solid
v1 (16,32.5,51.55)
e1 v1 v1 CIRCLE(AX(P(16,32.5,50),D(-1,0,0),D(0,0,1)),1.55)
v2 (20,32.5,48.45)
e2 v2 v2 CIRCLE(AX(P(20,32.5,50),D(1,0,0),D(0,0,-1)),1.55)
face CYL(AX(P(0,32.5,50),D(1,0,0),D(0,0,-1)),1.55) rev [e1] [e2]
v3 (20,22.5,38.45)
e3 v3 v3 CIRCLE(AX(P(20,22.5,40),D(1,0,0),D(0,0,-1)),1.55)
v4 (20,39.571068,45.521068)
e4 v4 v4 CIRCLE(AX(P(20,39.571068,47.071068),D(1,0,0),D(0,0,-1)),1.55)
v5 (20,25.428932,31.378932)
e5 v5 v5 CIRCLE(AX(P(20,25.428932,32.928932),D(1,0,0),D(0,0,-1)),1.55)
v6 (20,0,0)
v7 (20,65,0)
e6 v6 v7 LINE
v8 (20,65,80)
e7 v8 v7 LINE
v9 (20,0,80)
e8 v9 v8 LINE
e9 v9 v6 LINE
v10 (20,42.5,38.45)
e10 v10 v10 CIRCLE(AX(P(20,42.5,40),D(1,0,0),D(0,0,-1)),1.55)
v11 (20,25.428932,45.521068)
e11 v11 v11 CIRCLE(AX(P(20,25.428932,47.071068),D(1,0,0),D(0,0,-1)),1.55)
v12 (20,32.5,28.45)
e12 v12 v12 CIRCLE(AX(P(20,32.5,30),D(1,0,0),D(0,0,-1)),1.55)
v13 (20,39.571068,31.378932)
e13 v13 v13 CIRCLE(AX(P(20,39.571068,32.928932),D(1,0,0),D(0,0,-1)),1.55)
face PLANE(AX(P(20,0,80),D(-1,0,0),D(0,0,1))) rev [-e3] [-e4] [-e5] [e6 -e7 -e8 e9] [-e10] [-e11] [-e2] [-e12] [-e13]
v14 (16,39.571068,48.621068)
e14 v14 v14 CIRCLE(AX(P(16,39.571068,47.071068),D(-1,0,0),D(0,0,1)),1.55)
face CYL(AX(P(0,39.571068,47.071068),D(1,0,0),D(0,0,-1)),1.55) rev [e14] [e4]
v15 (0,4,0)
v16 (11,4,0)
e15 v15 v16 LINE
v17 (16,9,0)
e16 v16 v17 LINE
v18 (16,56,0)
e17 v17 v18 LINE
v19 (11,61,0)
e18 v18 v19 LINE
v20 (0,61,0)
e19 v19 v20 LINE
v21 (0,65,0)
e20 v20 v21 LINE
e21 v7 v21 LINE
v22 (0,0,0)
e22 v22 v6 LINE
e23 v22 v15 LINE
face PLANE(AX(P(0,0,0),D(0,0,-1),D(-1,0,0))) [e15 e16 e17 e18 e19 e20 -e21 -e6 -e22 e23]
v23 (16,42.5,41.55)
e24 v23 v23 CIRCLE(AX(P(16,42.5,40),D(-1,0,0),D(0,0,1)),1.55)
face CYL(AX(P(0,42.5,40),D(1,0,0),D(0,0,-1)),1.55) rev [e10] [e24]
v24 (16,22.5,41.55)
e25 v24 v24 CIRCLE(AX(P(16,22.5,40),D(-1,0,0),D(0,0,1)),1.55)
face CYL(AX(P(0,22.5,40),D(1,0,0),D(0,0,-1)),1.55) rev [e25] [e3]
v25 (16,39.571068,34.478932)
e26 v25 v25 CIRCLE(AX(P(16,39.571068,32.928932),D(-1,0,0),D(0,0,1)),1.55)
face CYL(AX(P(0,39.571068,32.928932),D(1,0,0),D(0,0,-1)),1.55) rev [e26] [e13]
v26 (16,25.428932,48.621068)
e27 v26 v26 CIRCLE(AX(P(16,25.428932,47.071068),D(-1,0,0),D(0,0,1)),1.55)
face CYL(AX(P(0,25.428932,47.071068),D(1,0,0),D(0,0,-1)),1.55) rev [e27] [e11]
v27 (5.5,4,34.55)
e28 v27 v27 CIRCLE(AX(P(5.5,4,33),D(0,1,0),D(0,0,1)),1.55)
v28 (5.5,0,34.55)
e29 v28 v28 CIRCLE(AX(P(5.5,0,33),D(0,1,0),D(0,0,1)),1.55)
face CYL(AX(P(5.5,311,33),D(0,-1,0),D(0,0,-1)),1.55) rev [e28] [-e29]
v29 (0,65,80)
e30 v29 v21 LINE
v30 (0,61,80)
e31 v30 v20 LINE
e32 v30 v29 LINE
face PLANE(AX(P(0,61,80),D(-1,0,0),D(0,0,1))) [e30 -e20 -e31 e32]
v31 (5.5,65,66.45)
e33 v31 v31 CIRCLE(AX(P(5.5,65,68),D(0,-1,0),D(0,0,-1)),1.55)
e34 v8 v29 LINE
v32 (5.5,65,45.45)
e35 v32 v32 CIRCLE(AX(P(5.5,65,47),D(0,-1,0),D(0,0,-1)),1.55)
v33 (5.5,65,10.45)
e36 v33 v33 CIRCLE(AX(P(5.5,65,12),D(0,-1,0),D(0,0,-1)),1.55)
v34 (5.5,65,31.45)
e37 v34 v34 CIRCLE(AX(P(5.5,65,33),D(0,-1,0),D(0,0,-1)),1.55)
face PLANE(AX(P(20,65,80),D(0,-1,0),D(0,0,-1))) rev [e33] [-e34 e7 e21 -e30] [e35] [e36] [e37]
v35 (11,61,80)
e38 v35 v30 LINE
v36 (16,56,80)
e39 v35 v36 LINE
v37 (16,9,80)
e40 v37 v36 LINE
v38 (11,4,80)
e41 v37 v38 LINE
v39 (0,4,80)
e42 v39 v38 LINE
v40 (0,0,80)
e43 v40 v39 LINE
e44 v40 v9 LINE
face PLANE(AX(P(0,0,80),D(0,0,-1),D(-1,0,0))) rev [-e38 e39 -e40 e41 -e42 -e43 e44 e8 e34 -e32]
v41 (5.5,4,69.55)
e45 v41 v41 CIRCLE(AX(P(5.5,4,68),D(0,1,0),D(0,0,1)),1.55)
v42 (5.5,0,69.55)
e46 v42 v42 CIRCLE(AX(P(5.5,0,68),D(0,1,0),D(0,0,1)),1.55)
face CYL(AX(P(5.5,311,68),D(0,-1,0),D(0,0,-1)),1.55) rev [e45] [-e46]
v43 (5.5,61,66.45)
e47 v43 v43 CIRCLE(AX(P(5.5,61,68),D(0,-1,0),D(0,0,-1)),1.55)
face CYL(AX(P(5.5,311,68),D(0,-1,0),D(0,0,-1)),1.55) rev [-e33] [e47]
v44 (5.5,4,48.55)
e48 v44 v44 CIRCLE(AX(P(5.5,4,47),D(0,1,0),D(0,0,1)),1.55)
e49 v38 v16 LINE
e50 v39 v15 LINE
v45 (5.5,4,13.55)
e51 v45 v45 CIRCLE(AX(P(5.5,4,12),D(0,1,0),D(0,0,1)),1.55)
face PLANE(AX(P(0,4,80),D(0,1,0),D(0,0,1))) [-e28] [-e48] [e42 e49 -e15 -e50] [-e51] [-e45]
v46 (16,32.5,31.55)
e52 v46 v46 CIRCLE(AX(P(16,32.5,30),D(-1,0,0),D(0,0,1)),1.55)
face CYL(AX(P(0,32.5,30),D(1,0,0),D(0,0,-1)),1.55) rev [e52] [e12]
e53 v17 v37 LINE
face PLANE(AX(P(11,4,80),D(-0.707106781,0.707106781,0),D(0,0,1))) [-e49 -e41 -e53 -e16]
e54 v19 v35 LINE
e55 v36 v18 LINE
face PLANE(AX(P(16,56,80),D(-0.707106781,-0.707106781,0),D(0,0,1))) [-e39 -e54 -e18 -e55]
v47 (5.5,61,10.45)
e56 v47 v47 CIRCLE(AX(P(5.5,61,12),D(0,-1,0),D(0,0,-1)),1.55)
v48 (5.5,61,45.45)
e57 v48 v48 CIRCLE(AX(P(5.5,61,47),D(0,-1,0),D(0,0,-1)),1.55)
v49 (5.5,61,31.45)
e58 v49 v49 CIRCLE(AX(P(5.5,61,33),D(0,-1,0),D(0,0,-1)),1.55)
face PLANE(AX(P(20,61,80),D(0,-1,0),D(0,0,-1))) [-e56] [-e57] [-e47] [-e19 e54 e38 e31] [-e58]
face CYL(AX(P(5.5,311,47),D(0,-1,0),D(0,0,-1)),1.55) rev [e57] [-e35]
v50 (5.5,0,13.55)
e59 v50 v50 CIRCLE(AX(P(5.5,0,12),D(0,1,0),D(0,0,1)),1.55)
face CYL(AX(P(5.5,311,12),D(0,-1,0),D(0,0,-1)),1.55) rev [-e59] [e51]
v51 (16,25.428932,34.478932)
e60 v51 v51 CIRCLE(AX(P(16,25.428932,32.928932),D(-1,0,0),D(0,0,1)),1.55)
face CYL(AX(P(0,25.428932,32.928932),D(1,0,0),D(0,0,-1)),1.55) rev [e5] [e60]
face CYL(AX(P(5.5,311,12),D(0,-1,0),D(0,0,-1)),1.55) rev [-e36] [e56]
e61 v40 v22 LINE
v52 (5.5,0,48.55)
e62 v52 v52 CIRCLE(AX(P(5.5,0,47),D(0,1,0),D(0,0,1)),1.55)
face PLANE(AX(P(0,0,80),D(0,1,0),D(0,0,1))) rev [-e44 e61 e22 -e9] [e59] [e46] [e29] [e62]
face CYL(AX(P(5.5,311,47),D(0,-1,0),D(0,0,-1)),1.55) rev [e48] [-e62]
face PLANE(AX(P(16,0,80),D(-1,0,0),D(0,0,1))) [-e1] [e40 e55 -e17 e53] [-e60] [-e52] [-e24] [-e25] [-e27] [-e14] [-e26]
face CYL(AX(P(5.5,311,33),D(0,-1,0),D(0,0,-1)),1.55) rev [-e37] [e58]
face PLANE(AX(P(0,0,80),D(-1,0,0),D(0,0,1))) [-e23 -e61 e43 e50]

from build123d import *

# Parameters (mm, degrees)
EXTRUDE_1_DEPTH     = 80
CHAMFER_1_SIZE      = 5
SKETCH_2_R          = 1.55
CUT_EXTRUDE_1_DEPTH = 250
SKETCH_3_R          = 1.55
CUT_EXTRUDE_2_DEPTH = 106


with BuildPart() as part:
    # 草图1 → 拉伸-薄壁1 (new body)
    with BuildSketch(Plane.XY):
        Polygon((0, 0), (20, 0), (20, 65), (0, 65), (0, 61), (16, 61), (16, 4), (0, 4), align=None)
    extrude(amount=EXTRUDE_1_DEPTH)

    # 倒角1
    chamfer_1_edges = [part.edges().sort_by_distance(p)[0] for p in [
        (16, 4, 40),
        (16, 61, 40),
    ]]
    chamfer(chamfer_1_edges, length=CHAMFER_1_SIZE)

    # 草图2 → 切除-拉伸1 (cut, symmetric)
    with BuildSketch(Plane.XZ.offset(-61)):
        with Locations(Location((5.5, 12, 0), (0, 0, 90))):
            Circle(SKETCH_2_R)
        with Locations(Location((5.5, 68, 0), (0, 0, 90))):
            Circle(SKETCH_2_R)
        with Locations(Location((5.5, 33, 0), (0, 0, 90))):
            Circle(SKETCH_2_R)
        with Locations(Location((5.5, 47, 0), (0, 0, 90))):
            Circle(SKETCH_2_R)
    extrude(amount=CUT_EXTRUDE_1_DEPTH, both=True, mode=Mode.SUBTRACT)

    # 草图3 → 切除-拉伸2 (cut, through all)
    with BuildSketch(Plane(origin=(20, 0, 0), x_dir=(0, 0, -1), z_dir=(1, 0, 0))):
        with Locations((-40, 42.5)):
            Circle(SKETCH_3_R)
        with Locations((-32.928932188, 39.571067812)):
            Circle(SKETCH_3_R)
        with Locations((-30, 32.5)):
            Circle(SKETCH_3_R)
        with Locations((-32.928932188, 25.428932188)):
            Circle(SKETCH_3_R)
        with Locations((-40, 22.5)):
            Circle(SKETCH_3_R)
        with Locations((-47.071067812, 25.428932188)):
            Circle(SKETCH_3_R)
        with Locations((-50, 32.5)):
            Circle(SKETCH_3_R)
        with Locations((-47.071067812, 39.571067812)):
            Circle(SKETCH_3_R)
    extrude(amount=-CUT_EXTRUDE_2_DEPTH, mode=Mode.SUBTRACT)


solid = part.part
